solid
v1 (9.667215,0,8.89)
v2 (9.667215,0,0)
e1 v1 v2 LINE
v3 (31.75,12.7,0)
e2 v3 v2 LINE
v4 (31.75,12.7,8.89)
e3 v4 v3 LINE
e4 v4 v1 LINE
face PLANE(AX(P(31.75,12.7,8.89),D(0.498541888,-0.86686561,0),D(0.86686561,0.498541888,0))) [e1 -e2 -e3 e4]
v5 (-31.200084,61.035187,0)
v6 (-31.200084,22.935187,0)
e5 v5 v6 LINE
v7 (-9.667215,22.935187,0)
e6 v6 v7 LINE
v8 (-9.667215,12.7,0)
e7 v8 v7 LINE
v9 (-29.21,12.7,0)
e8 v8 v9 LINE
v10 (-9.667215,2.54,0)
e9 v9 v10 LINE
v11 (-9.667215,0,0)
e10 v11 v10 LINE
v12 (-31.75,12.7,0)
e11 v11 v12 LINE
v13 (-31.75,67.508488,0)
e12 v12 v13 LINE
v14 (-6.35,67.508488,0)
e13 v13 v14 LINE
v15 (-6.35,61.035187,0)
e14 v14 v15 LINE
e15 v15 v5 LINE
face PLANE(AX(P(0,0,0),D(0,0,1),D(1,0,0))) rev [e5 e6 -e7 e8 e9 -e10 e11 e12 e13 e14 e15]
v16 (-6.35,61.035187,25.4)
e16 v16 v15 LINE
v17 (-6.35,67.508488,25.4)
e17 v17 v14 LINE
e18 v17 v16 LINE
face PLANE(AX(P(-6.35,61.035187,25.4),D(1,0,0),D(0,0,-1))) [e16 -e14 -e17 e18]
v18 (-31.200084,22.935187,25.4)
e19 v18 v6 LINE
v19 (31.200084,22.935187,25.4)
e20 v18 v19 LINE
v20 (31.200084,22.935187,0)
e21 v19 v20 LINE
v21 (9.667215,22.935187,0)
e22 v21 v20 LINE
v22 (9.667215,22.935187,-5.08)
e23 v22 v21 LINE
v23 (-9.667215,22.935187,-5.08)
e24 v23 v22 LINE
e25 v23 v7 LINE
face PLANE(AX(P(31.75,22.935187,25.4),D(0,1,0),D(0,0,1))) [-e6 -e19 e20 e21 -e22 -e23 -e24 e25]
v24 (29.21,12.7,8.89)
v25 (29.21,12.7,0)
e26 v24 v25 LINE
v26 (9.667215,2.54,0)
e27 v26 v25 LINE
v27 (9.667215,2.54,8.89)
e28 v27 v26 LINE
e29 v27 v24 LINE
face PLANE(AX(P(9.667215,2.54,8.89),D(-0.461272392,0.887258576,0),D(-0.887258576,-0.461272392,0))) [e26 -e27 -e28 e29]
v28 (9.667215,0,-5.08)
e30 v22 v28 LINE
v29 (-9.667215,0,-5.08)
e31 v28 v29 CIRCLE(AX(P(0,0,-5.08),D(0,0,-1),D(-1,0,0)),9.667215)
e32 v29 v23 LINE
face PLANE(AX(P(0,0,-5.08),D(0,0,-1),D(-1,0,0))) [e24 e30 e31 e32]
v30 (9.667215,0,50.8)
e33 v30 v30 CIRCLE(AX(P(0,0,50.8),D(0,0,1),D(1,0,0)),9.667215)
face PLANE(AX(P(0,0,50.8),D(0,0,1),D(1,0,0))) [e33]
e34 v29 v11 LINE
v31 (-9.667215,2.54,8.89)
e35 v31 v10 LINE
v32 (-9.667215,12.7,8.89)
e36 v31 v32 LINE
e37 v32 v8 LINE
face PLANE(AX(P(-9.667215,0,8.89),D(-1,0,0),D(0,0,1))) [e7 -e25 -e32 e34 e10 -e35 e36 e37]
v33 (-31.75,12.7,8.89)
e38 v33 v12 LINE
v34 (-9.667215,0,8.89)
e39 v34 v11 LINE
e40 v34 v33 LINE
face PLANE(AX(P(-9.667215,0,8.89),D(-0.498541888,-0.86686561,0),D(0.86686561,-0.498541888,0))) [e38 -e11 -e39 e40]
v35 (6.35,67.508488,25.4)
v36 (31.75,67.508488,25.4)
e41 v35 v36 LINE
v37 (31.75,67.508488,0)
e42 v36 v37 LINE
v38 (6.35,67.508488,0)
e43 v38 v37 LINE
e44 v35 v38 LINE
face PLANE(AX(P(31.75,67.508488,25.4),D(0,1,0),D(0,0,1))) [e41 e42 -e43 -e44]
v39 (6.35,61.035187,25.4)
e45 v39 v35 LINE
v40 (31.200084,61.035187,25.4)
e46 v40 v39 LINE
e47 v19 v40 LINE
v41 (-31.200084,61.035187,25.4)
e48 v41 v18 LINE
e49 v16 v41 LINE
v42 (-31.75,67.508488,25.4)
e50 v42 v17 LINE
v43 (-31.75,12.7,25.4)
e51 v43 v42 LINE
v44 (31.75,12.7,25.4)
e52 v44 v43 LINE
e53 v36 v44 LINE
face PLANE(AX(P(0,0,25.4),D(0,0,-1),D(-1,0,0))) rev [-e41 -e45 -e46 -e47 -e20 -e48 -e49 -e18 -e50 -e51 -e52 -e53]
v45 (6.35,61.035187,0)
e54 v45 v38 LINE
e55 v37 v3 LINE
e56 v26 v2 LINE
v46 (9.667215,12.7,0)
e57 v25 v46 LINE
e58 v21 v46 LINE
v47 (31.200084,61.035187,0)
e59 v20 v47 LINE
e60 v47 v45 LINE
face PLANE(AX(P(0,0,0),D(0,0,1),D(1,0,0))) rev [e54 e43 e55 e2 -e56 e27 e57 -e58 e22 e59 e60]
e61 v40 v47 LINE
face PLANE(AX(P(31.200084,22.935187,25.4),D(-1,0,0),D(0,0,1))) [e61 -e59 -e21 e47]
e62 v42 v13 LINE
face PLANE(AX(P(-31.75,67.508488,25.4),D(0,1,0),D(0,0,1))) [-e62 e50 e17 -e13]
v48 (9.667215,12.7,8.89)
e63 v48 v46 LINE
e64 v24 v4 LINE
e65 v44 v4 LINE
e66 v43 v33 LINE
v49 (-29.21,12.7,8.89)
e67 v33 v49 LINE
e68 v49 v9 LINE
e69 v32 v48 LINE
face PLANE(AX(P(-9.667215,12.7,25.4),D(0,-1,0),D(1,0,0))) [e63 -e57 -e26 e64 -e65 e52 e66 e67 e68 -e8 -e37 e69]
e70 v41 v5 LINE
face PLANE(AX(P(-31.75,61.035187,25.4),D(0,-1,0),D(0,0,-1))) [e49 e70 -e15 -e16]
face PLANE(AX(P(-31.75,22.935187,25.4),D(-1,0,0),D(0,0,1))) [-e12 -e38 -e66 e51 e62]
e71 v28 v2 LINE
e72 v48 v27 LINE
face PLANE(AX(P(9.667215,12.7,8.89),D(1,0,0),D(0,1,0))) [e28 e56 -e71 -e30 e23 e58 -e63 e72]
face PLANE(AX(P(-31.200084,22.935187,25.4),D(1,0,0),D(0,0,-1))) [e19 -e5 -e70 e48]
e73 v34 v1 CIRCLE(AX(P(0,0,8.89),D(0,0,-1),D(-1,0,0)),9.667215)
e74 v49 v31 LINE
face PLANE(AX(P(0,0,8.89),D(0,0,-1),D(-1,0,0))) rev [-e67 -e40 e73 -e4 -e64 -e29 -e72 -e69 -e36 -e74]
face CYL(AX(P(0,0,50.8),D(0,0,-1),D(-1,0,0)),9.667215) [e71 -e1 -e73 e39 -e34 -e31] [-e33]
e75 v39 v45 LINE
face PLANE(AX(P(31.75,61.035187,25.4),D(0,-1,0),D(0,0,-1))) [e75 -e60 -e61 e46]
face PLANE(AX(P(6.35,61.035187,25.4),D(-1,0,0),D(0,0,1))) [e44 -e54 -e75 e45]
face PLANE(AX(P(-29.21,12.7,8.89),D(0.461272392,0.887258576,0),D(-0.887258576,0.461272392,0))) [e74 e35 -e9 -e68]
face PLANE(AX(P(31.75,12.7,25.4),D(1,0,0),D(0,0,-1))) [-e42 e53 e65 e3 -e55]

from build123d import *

# Parameters (mm, degrees)
SKETCH1_R           = 9.667215137
BOSS_EXTRUDE1_DEPTH = 50.8
SKETCH2_W           = 19.334430274
SKETCH2_H           = 12.7
BOSS_EXTRUDE2_DEPTH = 8.89
BOSS_EXTRUDE3_DEPTH = 25.4
SKETCH5_W           = 0.549916313
SKETCH5_H           = 38.1
BOSS_EXTRUDE4_DEPTH = 25.4
SKETCH6_W           = 25.4
SKETCH6_H           = 6.473300788
BOSS_EXTRUDE5_DEPTH = 25.4
BOSS_EXTRUDE6_DEPTH = 8.89
BOSS_EXTRUDE7_START = 5.08
BOSS_EXTRUDE7_DEPTH = 5.08


with BuildPart() as part:
    # Sketch1 → Boss-Extrude1 (new body)
    with BuildSketch(Plane.XY):
        Circle(SKETCH1_R)
    extrude(amount=BOSS_EXTRUDE1_DEPTH)

    # Sketch2 → Boss-Extrude2 (add)
    with BuildSketch(Plane(origin=(0, 0, 0), x_dir=(-1, 0, 0), z_dir=(0, 0, -1))):
        with Locations((0, 6.35)):
            Rectangle(SKETCH2_W, SKETCH2_H)
    extrude(amount=-BOSS_EXTRUDE2_DEPTH)

    # Sketch4 → Boss-Extrude3 (add)
    with BuildSketch(Plane(origin=(0, 0, 0), x_dir=(-1, 0, 0), z_dir=(0, 0, -1))):
        Polygon((-31.75, 12.7), (-31.75, 22.935187234), (31.75, 22.935187234), (31.75, 12.7), (9.667215137, 12.7), (-9.667215137, 12.7), align=None)
    extrude(amount=-BOSS_EXTRUDE3_DEPTH)

    # Sketch5 → Boss-Extrude4 (add)
    with BuildSketch(Plane(origin=(0, 0, 0), x_dir=(-1, 0, 0), z_dir=(0, 0, -1))):
        with Locations((31.475041844, 41.985187234)):
            Rectangle(SKETCH5_W, SKETCH5_H)
        with Locations((-31.475041844, 41.985187234)):
            Rectangle(SKETCH5_W, SKETCH5_H)
    extrude(amount=-BOSS_EXTRUDE4_DEPTH)

    # Sketch6 → Boss-Extrude5 (add)
    with BuildSketch(Plane(origin=(0, 0, 0), x_dir=(-1, 0, 0), z_dir=(0, 0, -1))):
        with Locations((19.05, 64.271837628)):
            Rectangle(SKETCH6_W, SKETCH6_H)
        with Locations((-19.05, 64.271837628)):
            Rectangle(SKETCH6_W, SKETCH6_H)
    extrude(amount=-BOSS_EXTRUDE5_DEPTH)

    # Sketch7 → Boss-Extrude6 (add)
    with BuildSketch(Plane(origin=(0, 0, 0), x_dir=(-1, 0, 0), z_dir=(0, 0, -1))):
        Polygon((-31.75, 12.7), (-9.667215137, 0), (-9.667215137, 2.54), (-29.21, 12.7), align=None)
        Polygon((9.667215137, 0), (31.75, 12.7), (29.21, 12.7), (9.667215137, 2.54), align=None)
    extrude(amount=-BOSS_EXTRUDE6_DEPTH)

    # Sketch14 → Boss-Extrude7 (add)
    with BuildSketch(Plane(origin=(0, 0, 0), x_dir=(-1, 0, 0), z_dir=(0, 0, -1)).offset(BOSS_EXTRUDE7_START)):
        with BuildLine():
            Line((9.667215137, 22.935187234), (-9.667215137, 22.935187234))
            Line((-9.667215137, 22.935187234), (-9.667215137, 0))
            ThreePointArc((-9.667215137, 0), (0, -9.667215137), (9.667215137, 0))
            Line((9.667215137, 0), (9.667215137, 22.935187234))
        make_face()
    extrude(amount=-BOSS_EXTRUDE7_DEPTH)


solid = part.part
